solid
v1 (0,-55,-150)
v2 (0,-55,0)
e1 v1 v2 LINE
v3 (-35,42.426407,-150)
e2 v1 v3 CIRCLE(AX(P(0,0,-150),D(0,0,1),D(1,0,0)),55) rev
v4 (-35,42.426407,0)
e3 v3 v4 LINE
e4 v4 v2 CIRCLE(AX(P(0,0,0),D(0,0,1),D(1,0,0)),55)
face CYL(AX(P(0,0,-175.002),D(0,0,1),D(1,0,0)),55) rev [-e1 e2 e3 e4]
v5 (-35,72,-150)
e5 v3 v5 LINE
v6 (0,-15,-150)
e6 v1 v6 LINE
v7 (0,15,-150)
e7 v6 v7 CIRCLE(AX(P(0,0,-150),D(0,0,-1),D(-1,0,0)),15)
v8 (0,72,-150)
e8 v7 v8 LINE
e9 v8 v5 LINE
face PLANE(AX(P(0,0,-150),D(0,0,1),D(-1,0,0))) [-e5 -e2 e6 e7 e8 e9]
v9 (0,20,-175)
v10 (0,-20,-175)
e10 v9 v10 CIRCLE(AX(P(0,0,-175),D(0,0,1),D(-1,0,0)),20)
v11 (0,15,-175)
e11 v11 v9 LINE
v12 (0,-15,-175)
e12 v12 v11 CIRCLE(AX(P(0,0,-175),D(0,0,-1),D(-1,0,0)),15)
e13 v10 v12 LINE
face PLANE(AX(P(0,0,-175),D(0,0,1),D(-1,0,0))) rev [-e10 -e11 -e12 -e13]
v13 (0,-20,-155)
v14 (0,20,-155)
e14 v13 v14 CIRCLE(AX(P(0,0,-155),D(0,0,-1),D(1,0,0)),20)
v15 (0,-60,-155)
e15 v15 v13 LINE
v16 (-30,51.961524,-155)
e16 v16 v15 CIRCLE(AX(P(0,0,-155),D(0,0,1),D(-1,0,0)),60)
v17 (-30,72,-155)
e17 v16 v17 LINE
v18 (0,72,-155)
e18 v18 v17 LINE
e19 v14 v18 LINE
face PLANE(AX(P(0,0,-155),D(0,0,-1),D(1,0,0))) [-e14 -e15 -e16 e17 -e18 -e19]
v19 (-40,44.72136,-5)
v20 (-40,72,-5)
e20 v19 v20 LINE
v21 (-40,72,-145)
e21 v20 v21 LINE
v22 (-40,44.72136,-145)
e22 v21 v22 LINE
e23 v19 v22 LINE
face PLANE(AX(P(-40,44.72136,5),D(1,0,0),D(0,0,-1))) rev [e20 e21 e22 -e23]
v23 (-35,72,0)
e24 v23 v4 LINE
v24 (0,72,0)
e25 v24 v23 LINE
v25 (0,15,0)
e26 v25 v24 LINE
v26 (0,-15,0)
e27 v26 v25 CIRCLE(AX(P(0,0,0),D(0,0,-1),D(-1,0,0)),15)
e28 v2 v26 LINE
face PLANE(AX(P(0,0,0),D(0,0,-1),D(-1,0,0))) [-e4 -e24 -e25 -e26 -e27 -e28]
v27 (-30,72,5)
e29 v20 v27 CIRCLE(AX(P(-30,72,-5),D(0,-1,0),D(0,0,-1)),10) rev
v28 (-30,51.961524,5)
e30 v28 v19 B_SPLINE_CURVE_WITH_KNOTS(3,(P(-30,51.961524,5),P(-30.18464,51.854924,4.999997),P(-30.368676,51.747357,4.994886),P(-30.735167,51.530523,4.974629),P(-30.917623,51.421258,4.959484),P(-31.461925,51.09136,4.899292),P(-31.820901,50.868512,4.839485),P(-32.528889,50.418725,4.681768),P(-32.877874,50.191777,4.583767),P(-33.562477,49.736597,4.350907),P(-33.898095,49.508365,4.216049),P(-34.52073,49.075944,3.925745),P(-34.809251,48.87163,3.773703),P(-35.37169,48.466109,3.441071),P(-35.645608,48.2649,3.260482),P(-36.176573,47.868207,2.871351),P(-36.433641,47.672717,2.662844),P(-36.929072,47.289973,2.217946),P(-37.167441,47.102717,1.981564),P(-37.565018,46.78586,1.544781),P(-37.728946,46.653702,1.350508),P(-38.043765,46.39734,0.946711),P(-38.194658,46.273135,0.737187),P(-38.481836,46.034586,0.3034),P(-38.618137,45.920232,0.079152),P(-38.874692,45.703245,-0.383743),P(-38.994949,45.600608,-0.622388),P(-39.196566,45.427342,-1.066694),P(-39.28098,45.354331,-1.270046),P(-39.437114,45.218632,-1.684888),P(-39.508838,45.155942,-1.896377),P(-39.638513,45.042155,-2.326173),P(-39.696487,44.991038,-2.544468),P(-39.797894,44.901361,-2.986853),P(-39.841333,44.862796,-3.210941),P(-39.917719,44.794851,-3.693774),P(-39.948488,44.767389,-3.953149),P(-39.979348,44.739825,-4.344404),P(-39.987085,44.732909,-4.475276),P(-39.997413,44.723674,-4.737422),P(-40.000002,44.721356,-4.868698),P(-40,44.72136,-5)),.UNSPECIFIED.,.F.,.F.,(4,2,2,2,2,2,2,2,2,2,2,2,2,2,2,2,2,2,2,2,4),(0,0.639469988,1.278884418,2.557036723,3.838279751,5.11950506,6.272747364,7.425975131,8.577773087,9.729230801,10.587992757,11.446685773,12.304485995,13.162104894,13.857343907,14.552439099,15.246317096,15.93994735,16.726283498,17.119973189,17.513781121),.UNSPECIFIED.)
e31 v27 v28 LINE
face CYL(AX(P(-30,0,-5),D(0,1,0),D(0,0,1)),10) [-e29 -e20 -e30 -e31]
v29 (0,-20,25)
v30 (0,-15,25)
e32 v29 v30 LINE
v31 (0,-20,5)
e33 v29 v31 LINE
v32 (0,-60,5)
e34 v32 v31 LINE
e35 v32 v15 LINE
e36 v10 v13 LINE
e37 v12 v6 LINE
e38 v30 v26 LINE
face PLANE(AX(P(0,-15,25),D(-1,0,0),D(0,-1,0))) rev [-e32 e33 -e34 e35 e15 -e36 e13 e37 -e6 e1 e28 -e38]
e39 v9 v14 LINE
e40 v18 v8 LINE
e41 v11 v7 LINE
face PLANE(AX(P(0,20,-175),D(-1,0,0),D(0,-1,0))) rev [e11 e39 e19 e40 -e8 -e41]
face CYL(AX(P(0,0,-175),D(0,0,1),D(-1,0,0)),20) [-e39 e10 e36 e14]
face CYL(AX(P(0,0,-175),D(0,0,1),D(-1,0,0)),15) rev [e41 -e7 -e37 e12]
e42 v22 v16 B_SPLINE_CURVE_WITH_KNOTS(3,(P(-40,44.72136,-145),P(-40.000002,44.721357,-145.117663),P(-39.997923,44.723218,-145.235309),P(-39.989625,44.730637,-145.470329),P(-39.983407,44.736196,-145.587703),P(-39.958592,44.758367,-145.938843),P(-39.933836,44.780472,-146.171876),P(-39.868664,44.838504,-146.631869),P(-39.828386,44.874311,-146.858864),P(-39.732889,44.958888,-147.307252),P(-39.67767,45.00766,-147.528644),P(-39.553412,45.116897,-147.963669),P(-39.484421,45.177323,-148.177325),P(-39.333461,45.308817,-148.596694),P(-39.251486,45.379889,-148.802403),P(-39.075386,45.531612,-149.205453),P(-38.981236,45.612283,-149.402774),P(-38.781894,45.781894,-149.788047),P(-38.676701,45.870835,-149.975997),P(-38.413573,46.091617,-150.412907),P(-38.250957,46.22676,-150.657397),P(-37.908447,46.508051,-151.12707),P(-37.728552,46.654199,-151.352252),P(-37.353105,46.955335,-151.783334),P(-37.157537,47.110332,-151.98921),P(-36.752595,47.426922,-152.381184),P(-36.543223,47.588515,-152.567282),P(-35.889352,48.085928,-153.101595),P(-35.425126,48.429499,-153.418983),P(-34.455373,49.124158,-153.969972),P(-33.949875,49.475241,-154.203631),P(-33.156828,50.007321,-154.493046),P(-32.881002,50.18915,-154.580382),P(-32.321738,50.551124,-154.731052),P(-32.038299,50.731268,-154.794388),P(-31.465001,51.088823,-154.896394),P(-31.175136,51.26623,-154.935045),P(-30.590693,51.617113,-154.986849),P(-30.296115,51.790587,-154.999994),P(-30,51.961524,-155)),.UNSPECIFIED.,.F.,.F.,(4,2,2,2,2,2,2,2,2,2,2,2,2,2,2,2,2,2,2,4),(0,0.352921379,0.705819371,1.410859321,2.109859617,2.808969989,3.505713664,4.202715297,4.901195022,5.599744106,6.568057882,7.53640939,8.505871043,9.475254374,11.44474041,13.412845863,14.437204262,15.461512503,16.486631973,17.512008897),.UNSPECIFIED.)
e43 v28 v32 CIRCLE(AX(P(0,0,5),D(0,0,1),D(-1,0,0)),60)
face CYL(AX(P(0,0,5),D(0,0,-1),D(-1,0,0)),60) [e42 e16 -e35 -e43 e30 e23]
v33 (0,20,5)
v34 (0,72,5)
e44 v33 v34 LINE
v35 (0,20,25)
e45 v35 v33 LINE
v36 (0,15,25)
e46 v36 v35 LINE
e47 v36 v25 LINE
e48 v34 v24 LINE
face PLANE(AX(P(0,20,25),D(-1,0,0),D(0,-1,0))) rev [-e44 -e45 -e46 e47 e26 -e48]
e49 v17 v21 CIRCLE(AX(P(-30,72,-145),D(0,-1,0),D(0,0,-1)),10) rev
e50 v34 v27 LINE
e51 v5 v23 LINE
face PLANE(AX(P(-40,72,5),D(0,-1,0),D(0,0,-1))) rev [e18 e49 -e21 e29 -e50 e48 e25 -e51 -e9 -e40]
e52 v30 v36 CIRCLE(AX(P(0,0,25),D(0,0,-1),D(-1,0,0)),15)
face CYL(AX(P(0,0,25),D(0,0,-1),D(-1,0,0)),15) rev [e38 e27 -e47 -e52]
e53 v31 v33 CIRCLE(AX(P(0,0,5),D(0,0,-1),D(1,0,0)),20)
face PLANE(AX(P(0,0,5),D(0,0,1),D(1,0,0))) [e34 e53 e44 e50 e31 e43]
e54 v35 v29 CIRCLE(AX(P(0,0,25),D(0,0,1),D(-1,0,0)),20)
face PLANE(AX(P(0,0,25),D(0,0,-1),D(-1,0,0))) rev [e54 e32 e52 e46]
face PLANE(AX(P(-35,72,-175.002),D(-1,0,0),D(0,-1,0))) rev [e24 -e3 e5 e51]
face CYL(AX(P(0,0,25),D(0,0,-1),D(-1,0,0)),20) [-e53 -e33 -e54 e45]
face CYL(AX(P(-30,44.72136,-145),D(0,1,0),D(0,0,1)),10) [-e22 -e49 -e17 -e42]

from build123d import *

# Parameters (mm, degrees)
DODANIE_WYCI_GNI_CIE1_DEPTH       = 25
DODANIE_WYCI_GNI_CIE2_DEPTH       = 5
WYCI_GNI_CIE_CIENKA_START         = -150
WYCI_GNI_CIE_CIENKA_CIANKA2_DEPTH = 150
ZAOKR_GLENIE1_R                   = 10


with BuildPart() as part:
    # Szkic1 → Dodanie-wyciągnięcie1 (new body)
    with BuildSketch(Plane.XY):
        with BuildLine():
            Line((0, 20), (0, 15))
            ThreePointArc((0, 15), (-15, 0), (0, -15))
            Line((0, -15), (0, -20))
            ThreePointArc((0, -20), (-20, 0), (0, 20))
        make_face()
    extrude(amount=DODANIE_WYCI_GNI_CIE1_DEPTH)

    # Szkic2 → Dodanie-wyciągnięcie2 (add)
    with BuildSketch(Plane.XY):
        with BuildLine():
            Line((0, -20), (0, -60))
            ThreePointArc((0, -60), (-56.050341538, -21.409325386), (-40, 44.72135955))
            Line((-40, 44.72135955), (-40, 72))
            Line((-40, 72), (0, 72))
            Line((0, 72), (0, 20))
            ThreePointArc((0, 20), (-20, 0), (0, -20))
        make_face()
    extrude(amount=DODANIE_WYCI_GNI_CIE2_DEPTH)


with BuildPart() as body_2:
    # Lustro1: mirrored copy
    add(part.part.mirror(Plane.XY.offset(-75)))


with BuildPart() as part_1:
    add(part.part)

    add(body_2.part)  # Wyciągnięcie-cienka ścianka2 merges body 2
    # Szkic3 → Wyciągnięcie-cienka ścianka2 (add)
    with BuildSketch(Plane.XY.offset(WYCI_GNI_CIE_CIENKA_START)):
        with BuildLine():
            Line((-40, 72), (-40, 44.72135955))
            ThreePointArc((-40, 44.72135955), (-56.050341538, -21.409325386), (0, -60))
            Line((0, -60), (0, -55))
            ThreePointArc((0, -55), (-51.76124215, -18.594994247), (-35, 42.426406871))
            Line((-35, 42.426406871), (-35, 72))
            Line((-35, 72), (-40, 72))
        make_face()
    extrude(amount=WYCI_GNI_CIE_CIENKA_CIANKA2_DEPTH)

    # Zaokrąglenie1
    zaokr_glenie1_edges = [part_1.edges().sort_by_distance(p)[0] for p in [
        (-40, 58.360679775, 5),
        (-40, 58.360679775, -155),
    ]]
    fillet(zaokr_glenie1_edges, radius=ZAOKR_GLENIE1_R)


solid = part_1.part
